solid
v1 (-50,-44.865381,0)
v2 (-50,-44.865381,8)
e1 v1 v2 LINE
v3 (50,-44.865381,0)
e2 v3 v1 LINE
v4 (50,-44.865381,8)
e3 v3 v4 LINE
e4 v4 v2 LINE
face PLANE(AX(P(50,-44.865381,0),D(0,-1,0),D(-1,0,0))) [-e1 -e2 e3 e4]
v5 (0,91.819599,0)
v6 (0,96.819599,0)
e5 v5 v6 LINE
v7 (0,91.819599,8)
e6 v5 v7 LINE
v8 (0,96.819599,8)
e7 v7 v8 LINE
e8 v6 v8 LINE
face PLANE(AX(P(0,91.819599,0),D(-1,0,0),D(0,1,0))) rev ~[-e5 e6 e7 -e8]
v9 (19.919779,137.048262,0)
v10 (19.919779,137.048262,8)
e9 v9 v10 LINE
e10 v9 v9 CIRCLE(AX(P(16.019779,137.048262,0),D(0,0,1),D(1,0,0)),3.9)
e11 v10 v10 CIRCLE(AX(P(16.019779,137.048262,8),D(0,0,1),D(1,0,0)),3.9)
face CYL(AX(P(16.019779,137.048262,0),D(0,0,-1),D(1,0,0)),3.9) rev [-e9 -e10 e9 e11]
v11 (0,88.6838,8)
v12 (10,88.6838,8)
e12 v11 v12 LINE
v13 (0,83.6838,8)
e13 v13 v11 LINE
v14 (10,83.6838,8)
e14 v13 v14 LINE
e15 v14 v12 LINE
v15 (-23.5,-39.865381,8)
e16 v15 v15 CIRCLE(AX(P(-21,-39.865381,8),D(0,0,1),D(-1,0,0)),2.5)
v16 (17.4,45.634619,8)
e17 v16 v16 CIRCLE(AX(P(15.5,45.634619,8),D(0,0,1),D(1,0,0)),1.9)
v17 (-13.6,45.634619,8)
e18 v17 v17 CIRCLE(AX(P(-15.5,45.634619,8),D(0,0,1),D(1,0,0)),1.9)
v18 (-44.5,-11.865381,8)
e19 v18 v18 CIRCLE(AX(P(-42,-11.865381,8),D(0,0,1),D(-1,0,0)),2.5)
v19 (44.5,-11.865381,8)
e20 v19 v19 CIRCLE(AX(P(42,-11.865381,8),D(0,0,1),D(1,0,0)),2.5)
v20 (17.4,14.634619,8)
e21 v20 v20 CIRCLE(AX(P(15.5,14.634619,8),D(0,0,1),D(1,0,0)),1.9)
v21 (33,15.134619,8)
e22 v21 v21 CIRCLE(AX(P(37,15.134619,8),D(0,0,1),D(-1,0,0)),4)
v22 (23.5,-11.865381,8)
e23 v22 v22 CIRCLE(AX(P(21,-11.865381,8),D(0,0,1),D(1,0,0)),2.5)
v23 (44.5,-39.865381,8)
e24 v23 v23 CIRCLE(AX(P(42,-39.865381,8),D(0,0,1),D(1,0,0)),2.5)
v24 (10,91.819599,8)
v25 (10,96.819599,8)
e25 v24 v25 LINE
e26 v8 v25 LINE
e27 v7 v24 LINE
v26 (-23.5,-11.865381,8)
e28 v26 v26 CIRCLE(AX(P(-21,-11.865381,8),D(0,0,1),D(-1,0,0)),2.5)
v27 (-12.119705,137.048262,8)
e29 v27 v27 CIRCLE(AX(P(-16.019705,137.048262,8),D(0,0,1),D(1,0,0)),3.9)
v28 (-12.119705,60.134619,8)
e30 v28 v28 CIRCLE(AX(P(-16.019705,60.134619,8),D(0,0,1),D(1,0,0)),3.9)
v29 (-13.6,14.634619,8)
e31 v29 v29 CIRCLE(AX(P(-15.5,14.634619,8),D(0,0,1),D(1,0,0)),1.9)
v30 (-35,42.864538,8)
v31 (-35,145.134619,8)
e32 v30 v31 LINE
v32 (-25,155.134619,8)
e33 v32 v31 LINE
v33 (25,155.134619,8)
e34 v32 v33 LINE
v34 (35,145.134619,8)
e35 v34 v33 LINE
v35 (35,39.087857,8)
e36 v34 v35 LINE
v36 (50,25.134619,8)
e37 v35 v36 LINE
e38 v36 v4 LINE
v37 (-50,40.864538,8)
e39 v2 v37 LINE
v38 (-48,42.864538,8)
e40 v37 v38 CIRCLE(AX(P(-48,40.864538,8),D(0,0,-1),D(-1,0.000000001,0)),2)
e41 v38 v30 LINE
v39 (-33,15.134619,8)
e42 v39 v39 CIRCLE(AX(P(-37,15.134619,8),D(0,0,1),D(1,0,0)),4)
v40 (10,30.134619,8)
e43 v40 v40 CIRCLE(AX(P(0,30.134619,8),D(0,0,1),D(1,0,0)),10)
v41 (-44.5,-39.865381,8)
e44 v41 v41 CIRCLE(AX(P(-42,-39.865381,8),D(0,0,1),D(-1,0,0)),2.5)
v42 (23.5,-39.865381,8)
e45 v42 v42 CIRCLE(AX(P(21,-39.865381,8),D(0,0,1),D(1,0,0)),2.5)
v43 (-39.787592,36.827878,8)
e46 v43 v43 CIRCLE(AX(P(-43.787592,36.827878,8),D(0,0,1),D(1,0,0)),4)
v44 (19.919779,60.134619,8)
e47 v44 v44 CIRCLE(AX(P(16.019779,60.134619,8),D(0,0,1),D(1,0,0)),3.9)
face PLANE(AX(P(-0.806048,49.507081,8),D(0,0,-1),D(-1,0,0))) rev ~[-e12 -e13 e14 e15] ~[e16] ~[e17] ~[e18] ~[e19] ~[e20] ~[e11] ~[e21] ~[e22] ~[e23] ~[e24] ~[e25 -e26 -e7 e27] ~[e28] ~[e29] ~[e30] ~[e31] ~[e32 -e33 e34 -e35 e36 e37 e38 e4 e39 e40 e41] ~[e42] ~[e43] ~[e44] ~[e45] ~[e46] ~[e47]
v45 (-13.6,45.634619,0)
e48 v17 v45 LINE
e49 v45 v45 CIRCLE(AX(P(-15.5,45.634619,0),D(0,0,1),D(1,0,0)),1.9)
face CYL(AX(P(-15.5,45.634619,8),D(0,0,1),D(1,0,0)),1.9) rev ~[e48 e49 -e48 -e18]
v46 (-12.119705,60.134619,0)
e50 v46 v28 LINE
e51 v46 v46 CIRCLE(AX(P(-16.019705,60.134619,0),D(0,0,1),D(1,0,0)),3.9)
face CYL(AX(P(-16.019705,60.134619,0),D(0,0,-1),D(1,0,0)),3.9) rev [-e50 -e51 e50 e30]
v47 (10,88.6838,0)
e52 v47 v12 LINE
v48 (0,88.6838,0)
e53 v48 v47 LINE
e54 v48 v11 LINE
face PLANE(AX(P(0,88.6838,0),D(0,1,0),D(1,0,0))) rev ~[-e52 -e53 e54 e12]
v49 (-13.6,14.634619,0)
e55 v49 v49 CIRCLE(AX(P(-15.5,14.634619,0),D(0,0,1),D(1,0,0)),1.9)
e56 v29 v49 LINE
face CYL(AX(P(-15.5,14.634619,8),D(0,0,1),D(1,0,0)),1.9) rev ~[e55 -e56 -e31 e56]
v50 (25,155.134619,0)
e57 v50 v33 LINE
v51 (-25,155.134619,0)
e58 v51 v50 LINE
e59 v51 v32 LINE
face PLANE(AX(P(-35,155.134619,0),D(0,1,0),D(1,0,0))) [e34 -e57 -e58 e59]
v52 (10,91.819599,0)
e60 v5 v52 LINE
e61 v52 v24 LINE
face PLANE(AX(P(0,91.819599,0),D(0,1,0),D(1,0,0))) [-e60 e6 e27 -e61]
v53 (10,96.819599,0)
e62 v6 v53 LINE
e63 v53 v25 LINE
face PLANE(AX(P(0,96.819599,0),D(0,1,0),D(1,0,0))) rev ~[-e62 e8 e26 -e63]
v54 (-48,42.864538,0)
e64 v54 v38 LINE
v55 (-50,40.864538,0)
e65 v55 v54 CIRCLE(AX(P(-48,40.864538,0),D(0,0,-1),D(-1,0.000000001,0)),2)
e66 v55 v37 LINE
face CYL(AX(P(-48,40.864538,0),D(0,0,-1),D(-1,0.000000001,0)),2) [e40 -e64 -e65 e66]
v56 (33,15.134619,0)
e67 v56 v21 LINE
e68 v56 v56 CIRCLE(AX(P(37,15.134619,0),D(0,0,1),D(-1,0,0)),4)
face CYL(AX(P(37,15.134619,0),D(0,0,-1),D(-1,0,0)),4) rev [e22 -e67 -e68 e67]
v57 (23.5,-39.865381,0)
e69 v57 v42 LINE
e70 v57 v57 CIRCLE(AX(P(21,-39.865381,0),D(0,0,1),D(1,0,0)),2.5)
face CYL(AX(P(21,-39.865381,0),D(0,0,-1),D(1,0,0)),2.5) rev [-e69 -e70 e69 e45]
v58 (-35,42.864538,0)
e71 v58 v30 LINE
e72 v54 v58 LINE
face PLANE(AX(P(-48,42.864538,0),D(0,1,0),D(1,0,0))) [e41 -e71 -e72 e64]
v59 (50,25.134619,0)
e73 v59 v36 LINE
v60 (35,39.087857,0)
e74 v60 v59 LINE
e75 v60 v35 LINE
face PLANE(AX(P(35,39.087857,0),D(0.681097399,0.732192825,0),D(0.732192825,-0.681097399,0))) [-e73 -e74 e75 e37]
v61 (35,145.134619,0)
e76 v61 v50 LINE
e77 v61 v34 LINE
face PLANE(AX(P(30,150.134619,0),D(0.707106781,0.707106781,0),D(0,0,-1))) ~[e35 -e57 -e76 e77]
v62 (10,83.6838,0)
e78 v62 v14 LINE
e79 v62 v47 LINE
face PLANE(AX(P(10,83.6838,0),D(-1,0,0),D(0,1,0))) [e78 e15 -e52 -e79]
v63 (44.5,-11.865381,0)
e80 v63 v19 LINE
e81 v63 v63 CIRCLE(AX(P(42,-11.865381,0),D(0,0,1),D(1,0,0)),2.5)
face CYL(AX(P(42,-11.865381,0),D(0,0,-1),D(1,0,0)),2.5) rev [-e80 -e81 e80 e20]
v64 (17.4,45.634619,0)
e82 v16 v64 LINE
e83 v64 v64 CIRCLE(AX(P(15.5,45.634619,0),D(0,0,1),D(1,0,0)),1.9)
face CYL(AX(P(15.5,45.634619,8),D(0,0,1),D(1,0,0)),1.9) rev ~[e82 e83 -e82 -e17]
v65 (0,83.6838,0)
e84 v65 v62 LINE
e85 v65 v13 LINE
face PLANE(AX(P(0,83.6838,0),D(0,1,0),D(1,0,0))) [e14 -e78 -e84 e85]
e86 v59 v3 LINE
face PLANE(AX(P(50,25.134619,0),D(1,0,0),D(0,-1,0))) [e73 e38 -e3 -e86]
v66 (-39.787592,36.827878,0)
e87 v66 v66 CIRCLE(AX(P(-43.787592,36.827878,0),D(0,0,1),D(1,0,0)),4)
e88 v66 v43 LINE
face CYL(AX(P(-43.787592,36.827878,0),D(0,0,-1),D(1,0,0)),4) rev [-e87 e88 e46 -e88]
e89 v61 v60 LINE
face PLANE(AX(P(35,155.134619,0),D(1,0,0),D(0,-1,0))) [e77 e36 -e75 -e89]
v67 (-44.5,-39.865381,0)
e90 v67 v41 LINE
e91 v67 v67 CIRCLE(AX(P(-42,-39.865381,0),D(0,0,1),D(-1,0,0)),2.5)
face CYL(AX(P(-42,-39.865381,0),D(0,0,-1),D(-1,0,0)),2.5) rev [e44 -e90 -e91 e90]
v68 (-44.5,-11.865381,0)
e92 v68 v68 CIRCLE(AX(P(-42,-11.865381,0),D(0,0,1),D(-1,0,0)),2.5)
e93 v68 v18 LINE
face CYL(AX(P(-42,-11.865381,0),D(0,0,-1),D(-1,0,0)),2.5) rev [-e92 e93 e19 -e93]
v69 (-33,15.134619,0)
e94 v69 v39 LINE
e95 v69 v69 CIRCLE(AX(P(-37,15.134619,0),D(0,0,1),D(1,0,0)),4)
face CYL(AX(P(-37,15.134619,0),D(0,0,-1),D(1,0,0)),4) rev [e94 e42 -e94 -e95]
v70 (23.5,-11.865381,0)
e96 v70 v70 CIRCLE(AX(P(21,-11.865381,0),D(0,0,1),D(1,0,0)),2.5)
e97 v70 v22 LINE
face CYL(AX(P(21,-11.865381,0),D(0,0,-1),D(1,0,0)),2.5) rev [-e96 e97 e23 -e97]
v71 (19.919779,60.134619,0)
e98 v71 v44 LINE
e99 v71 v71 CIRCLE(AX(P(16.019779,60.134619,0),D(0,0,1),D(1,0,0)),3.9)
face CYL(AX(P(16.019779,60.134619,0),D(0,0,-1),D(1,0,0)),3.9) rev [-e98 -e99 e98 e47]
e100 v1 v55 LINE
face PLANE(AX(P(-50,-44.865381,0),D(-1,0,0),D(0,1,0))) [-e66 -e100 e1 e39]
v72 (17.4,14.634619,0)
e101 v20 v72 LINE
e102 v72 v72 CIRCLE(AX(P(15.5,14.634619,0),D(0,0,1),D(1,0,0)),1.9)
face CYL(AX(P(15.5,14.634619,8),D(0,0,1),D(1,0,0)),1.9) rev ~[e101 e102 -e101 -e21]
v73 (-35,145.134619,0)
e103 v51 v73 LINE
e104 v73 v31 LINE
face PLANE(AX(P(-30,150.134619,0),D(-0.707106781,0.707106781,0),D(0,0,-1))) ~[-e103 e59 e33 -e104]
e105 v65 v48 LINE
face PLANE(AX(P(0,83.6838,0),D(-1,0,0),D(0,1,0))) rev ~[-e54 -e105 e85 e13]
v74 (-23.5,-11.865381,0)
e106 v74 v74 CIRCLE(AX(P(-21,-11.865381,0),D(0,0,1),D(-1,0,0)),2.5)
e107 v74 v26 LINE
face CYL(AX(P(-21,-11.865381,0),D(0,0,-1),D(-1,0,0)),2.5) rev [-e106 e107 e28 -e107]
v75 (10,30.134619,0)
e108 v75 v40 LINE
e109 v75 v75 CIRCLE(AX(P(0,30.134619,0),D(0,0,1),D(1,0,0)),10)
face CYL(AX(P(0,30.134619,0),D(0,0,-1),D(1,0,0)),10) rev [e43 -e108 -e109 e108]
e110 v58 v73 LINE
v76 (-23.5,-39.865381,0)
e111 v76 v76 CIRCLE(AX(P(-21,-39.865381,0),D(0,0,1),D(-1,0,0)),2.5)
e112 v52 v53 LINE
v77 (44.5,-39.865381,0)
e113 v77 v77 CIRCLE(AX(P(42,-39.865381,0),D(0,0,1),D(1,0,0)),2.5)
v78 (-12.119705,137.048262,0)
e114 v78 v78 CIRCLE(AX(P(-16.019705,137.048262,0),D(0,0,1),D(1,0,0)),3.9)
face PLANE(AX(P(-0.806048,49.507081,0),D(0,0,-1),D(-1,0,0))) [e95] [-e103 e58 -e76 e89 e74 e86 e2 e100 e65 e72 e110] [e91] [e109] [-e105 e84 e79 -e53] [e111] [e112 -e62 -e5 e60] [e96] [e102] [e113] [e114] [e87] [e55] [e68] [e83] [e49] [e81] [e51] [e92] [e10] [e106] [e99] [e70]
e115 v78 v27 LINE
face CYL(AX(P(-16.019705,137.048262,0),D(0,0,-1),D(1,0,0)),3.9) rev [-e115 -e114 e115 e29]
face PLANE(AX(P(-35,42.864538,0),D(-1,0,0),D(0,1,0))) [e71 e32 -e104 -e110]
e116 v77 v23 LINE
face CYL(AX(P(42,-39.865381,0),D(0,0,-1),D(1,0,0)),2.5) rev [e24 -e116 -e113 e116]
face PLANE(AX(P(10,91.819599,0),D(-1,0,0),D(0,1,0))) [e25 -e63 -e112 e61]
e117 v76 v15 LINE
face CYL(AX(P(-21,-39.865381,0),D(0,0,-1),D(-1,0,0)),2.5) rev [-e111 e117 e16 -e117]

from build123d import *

# Parameters (mm, degrees)
SKETCH2_R           = 4
SKETCH2_R_2         = 10
SKETCH2_R_3         = 2.5
SKETCH2_R_4         = 3.9
SKETCH2_W           = 10
SKETCH2_H           = 5
BOSS_EXTRUDE2_DEPTH = 8
SKETCH3_R           = 1.9
CUT_EXTRUDE1_DEPTH  = 10
CHAMFER1_SIZE       = 10


with BuildPart() as part:
    # Sketch2 → Boss-Extrude2 (new body)
    with BuildSketch(Plane.XY):
        with BuildLine():
            Line((50, -44.865381447), (-50, -44.865381447))
            Line((-50, -44.865381447), (-50, 25.134618553))
            Line((-50, 25.134618553), (-50, 40.864537659))
            ThreePointArc((-50, 40.864537659), (-49.414213562, 42.278751221), (-48, 42.864537659))
            Line((-48, 42.864537659), (-35, 42.864537659))
            Line((-35, 42.864537659), (-35, 155.134618553))
            Line((-35, 155.134618553), (35, 155.134618553))
            Line((35, 155.134618553), (35, 39.08785688))
            Line((35, 39.08785688), (50, 25.134618553))
            Line((50, 25.134618553), (50, -44.865381447))
        make_face()
        with Locations((-37, 15.134618553)):
            Circle(SKETCH2_R, mode=Mode.SUBTRACT)
        with Locations((37, 15.134618553)):
            Circle(SKETCH2_R, mode=Mode.SUBTRACT)
        with Locations((0, 30.134618553)):
            Circle(SKETCH2_R_2, mode=Mode.SUBTRACT)
        with Locations((42, -39.865381447)):
            Circle(SKETCH2_R_3, mode=Mode.SUBTRACT)
        with Locations((21, -39.865381447)):
            Circle(SKETCH2_R_3, mode=Mode.SUBTRACT)
        with Locations((-43.787591992, 36.827877872)):
            Circle(SKETCH2_R, mode=Mode.SUBTRACT)
        with Locations((42, -11.865381447)):
            Circle(SKETCH2_R_3, mode=Mode.SUBTRACT)
        with Locations((21, -11.865381447)):
            Circle(SKETCH2_R_3, mode=Mode.SUBTRACT)
        with Locations((-21, -11.865381447)):
            Circle(SKETCH2_R_3, mode=Mode.SUBTRACT)
        with Locations((-42, -11.865381447)):
            Circle(SKETCH2_R_3, mode=Mode.SUBTRACT)
        with Locations((-21, -39.865381447)):
            Circle(SKETCH2_R_3, mode=Mode.SUBTRACT)
        with Locations((-42, -39.865381447)):
            Circle(SKETCH2_R_3, mode=Mode.SUBTRACT)
        with Locations((-16.01970462, 60.134618553)):
            Circle(SKETCH2_R_4, mode=Mode.SUBTRACT)
        with Locations((16.019778849, 60.134618553)):
            Circle(SKETCH2_R_4, mode=Mode.SUBTRACT)
        with Locations((-16.01970462, 137.048261945)):
            Circle(SKETCH2_R_4, mode=Mode.SUBTRACT)
        with Locations((16.019778849, 137.048261945)):
            Circle(SKETCH2_R_4, mode=Mode.SUBTRACT)
        with Locations((5, 86.183799898)):
            Rectangle(SKETCH2_W, SKETCH2_H, mode=Mode.SUBTRACT)
        with Locations((5, 94.319599175)):
            Rectangle(SKETCH2_W, SKETCH2_H, mode=Mode.SUBTRACT)
    extrude(amount=BOSS_EXTRUDE2_DEPTH)

    # Sketch3 → Cut-Extrude1 (cut)
    with BuildSketch(Plane.XY.offset(8)):
        with Locations((-15.5, 14.634618553)):
            Circle(SKETCH3_R)
        with Locations((-15.5, 45.634618553)):
            Circle(SKETCH3_R)
        with Locations((15.5, 45.634618553)):
            Circle(SKETCH3_R)
        with Locations((15.5, 14.634618553)):
            Circle(SKETCH3_R)
    extrude(amount=-CUT_EXTRUDE1_DEPTH, mode=Mode.SUBTRACT)

    # Chamfer1
    chamfer1_edges = [part.edges().sort_by_distance(p)[0] for p in [
        (35, 155.134618553, 4),
        (-35, 155.134618553, 4),
    ]]
    chamfer(chamfer1_edges, length=CHAMFER1_SIZE)


solid = part.part
